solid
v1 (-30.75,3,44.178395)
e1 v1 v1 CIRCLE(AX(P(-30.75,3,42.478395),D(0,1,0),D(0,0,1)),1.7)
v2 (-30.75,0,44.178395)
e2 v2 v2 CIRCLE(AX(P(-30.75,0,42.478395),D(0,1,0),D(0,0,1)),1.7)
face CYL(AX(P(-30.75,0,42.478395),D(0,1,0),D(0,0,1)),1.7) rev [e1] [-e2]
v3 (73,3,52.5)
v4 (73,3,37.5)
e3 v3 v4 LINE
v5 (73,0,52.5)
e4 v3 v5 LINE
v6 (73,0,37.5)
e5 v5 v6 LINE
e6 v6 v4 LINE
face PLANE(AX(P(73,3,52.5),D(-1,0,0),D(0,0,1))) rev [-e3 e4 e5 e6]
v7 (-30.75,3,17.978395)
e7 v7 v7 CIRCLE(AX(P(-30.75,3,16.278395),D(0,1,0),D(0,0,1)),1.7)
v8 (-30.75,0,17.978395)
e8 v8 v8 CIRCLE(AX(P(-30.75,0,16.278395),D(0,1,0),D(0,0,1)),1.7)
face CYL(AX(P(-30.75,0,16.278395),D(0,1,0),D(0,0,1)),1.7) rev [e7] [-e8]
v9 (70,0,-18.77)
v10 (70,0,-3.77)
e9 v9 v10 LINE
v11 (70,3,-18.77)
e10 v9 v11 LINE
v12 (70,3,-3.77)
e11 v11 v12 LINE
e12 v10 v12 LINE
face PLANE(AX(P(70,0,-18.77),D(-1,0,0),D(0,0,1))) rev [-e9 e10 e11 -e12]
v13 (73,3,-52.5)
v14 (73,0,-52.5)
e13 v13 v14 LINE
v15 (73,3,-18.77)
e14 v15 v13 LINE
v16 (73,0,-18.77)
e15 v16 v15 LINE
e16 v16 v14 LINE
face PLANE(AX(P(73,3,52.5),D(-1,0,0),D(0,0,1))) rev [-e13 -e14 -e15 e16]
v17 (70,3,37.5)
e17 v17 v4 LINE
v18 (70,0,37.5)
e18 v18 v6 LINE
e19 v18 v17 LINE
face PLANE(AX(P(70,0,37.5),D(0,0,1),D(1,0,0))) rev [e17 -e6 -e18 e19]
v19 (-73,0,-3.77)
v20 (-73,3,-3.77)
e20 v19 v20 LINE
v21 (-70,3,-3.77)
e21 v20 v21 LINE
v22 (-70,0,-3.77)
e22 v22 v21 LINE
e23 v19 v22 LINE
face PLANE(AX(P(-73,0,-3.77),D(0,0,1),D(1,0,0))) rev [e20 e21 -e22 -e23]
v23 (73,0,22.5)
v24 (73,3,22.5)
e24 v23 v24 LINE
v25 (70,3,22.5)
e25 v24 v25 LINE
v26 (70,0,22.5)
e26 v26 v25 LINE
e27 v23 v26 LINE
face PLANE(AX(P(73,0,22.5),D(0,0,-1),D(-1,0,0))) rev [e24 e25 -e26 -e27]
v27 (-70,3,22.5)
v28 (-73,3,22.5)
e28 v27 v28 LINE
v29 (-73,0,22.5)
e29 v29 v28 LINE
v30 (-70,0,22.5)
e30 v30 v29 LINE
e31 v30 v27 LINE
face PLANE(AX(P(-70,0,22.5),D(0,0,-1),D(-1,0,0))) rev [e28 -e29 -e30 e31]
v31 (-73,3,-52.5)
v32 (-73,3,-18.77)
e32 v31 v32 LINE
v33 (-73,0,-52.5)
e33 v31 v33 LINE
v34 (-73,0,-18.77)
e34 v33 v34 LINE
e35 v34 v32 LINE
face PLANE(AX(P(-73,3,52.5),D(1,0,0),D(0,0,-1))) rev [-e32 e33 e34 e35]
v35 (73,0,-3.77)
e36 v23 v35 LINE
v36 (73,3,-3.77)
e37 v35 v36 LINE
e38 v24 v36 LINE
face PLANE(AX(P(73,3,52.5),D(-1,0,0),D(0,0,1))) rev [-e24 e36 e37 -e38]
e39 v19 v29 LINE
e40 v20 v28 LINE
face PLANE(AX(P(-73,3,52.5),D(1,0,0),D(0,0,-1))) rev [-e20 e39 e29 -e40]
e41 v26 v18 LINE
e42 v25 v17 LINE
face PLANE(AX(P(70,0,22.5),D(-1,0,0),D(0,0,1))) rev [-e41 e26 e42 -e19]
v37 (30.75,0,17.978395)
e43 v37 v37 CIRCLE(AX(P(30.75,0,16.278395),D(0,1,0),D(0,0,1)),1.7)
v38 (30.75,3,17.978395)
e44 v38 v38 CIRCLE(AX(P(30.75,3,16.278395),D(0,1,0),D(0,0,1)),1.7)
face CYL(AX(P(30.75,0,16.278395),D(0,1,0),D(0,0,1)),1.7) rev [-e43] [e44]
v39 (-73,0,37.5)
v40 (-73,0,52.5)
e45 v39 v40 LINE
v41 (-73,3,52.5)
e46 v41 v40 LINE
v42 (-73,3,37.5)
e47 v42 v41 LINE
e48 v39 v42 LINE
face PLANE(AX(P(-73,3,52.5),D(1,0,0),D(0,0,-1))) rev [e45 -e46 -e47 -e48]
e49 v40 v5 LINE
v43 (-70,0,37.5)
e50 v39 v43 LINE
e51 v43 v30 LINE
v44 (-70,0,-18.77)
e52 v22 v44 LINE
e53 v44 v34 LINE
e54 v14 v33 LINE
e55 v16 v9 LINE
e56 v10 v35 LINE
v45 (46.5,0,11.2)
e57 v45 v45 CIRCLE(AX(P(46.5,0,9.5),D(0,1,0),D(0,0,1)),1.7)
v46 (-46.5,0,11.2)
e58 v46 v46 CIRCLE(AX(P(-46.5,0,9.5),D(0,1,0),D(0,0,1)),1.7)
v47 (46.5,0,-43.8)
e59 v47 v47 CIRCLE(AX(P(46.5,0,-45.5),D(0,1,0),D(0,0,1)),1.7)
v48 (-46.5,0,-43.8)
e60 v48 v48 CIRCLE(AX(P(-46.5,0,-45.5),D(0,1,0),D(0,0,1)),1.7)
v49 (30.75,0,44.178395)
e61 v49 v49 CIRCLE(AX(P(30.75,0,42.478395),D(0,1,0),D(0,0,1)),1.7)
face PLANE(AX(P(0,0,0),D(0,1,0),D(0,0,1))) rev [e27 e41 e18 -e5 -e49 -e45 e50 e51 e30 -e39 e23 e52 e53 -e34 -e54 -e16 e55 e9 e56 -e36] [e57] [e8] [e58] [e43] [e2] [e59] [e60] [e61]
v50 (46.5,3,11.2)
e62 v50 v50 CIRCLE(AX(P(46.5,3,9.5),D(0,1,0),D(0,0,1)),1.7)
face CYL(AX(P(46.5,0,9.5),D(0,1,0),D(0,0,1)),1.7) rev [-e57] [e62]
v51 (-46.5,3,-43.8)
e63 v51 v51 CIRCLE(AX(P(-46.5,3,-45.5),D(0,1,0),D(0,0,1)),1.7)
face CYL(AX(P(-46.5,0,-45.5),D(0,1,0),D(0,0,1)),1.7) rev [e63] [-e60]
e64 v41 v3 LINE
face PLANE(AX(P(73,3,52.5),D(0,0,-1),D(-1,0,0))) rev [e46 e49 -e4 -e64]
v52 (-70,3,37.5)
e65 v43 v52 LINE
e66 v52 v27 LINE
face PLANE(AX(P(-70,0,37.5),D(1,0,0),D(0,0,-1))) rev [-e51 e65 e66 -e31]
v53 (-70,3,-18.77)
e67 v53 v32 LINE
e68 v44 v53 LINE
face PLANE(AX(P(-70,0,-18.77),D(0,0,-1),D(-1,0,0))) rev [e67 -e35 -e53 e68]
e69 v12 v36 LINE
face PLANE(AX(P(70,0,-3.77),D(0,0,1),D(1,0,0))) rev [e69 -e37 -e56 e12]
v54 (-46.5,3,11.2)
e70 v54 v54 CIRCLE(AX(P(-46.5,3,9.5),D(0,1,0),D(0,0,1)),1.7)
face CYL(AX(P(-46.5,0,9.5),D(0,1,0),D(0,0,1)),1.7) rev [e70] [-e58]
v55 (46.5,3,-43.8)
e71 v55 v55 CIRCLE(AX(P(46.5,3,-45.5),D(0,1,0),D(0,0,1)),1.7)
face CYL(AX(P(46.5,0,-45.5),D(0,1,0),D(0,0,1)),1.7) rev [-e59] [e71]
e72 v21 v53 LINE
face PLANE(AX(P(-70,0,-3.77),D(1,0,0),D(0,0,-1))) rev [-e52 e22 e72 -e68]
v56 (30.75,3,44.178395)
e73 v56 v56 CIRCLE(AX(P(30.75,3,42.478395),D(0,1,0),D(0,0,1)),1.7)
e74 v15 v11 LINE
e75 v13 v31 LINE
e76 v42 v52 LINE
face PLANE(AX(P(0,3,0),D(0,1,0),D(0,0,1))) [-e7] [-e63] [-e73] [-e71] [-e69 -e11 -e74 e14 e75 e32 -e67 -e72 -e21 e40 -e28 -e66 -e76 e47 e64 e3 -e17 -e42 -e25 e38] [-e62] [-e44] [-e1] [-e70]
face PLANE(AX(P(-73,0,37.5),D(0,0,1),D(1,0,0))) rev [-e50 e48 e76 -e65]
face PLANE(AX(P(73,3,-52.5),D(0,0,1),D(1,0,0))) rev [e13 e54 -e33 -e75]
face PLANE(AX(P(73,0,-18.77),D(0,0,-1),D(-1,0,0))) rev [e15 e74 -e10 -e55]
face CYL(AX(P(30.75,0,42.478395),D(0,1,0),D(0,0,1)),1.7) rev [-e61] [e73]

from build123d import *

# Parameters (mm, degrees)
SKETCH1_W           = 146
SKETCH1_H           = 105
BOSS_EXTRUDE1_DEPTH = 3
SKETCH2_R           = 1.7
SKETCH2_W           = 3
SKETCH2_H           = 15
CUT_EXTRUDE1_DEPTH  = 3


with BuildPart() as part:
    # Sketch1 → Boss-Extrude1 (new body)
    with BuildSketch(Plane(origin=(0, 0, 0), x_dir=(1, 0, 0), z_dir=(0, 1, 0))):
        Rectangle(SKETCH1_W, SKETCH1_H)
    extrude(amount=BOSS_EXTRUDE1_DEPTH)

    # Sketch2 → Cut-Extrude1 (cut)
    with BuildSketch(Plane(origin=(0, 3, 0), x_dir=(1, 0, 0), z_dir=(0, 1, 0))):
        with Locations(Location((-46.5, 45.5, 0), (0, 0, 270))):
            Circle(SKETCH2_R)
        with Locations(Location((46.5, 45.5, 0), (0, 0, 270))):
            Circle(SKETCH2_R)
        with Locations(Location((46.5, -9.5, 0), (0, 0, 270))):
            Circle(SKETCH2_R)
        with Locations(Location((-46.5, -9.5, 0), (0, 0, 270))):
            Circle(SKETCH2_R)
        with Locations(Location((-30.75, -16.278395091, 0), (0, 0, 270))):
            Circle(SKETCH2_R)
        with Locations(Location((30.75, -16.278395091, 0), (0, 0, 270))):
            Circle(SKETCH2_R)
        with Locations(Location((30.75, -42.478395091, 0), (0, 0, 270))):
            Circle(SKETCH2_R)
        with Locations(Location((-30.75, -42.478395091, 0), (0, 0, 270))):
            Circle(SKETCH2_R)
        with Locations((-71.5, -30)):
            Rectangle(SKETCH2_W, SKETCH2_H)
        with Locations((-71.5, 11.27)):
            Rectangle(SKETCH2_W, SKETCH2_H)
        with Locations((71.5, 11.27)):
            Rectangle(SKETCH2_W, SKETCH2_H)
        with Locations((71.5, -30)):
            Rectangle(SKETCH2_W, SKETCH2_H)
    extrude(amount=-CUT_EXTRUDE1_DEPTH, mode=Mode.SUBTRACT)


solid = part.part
